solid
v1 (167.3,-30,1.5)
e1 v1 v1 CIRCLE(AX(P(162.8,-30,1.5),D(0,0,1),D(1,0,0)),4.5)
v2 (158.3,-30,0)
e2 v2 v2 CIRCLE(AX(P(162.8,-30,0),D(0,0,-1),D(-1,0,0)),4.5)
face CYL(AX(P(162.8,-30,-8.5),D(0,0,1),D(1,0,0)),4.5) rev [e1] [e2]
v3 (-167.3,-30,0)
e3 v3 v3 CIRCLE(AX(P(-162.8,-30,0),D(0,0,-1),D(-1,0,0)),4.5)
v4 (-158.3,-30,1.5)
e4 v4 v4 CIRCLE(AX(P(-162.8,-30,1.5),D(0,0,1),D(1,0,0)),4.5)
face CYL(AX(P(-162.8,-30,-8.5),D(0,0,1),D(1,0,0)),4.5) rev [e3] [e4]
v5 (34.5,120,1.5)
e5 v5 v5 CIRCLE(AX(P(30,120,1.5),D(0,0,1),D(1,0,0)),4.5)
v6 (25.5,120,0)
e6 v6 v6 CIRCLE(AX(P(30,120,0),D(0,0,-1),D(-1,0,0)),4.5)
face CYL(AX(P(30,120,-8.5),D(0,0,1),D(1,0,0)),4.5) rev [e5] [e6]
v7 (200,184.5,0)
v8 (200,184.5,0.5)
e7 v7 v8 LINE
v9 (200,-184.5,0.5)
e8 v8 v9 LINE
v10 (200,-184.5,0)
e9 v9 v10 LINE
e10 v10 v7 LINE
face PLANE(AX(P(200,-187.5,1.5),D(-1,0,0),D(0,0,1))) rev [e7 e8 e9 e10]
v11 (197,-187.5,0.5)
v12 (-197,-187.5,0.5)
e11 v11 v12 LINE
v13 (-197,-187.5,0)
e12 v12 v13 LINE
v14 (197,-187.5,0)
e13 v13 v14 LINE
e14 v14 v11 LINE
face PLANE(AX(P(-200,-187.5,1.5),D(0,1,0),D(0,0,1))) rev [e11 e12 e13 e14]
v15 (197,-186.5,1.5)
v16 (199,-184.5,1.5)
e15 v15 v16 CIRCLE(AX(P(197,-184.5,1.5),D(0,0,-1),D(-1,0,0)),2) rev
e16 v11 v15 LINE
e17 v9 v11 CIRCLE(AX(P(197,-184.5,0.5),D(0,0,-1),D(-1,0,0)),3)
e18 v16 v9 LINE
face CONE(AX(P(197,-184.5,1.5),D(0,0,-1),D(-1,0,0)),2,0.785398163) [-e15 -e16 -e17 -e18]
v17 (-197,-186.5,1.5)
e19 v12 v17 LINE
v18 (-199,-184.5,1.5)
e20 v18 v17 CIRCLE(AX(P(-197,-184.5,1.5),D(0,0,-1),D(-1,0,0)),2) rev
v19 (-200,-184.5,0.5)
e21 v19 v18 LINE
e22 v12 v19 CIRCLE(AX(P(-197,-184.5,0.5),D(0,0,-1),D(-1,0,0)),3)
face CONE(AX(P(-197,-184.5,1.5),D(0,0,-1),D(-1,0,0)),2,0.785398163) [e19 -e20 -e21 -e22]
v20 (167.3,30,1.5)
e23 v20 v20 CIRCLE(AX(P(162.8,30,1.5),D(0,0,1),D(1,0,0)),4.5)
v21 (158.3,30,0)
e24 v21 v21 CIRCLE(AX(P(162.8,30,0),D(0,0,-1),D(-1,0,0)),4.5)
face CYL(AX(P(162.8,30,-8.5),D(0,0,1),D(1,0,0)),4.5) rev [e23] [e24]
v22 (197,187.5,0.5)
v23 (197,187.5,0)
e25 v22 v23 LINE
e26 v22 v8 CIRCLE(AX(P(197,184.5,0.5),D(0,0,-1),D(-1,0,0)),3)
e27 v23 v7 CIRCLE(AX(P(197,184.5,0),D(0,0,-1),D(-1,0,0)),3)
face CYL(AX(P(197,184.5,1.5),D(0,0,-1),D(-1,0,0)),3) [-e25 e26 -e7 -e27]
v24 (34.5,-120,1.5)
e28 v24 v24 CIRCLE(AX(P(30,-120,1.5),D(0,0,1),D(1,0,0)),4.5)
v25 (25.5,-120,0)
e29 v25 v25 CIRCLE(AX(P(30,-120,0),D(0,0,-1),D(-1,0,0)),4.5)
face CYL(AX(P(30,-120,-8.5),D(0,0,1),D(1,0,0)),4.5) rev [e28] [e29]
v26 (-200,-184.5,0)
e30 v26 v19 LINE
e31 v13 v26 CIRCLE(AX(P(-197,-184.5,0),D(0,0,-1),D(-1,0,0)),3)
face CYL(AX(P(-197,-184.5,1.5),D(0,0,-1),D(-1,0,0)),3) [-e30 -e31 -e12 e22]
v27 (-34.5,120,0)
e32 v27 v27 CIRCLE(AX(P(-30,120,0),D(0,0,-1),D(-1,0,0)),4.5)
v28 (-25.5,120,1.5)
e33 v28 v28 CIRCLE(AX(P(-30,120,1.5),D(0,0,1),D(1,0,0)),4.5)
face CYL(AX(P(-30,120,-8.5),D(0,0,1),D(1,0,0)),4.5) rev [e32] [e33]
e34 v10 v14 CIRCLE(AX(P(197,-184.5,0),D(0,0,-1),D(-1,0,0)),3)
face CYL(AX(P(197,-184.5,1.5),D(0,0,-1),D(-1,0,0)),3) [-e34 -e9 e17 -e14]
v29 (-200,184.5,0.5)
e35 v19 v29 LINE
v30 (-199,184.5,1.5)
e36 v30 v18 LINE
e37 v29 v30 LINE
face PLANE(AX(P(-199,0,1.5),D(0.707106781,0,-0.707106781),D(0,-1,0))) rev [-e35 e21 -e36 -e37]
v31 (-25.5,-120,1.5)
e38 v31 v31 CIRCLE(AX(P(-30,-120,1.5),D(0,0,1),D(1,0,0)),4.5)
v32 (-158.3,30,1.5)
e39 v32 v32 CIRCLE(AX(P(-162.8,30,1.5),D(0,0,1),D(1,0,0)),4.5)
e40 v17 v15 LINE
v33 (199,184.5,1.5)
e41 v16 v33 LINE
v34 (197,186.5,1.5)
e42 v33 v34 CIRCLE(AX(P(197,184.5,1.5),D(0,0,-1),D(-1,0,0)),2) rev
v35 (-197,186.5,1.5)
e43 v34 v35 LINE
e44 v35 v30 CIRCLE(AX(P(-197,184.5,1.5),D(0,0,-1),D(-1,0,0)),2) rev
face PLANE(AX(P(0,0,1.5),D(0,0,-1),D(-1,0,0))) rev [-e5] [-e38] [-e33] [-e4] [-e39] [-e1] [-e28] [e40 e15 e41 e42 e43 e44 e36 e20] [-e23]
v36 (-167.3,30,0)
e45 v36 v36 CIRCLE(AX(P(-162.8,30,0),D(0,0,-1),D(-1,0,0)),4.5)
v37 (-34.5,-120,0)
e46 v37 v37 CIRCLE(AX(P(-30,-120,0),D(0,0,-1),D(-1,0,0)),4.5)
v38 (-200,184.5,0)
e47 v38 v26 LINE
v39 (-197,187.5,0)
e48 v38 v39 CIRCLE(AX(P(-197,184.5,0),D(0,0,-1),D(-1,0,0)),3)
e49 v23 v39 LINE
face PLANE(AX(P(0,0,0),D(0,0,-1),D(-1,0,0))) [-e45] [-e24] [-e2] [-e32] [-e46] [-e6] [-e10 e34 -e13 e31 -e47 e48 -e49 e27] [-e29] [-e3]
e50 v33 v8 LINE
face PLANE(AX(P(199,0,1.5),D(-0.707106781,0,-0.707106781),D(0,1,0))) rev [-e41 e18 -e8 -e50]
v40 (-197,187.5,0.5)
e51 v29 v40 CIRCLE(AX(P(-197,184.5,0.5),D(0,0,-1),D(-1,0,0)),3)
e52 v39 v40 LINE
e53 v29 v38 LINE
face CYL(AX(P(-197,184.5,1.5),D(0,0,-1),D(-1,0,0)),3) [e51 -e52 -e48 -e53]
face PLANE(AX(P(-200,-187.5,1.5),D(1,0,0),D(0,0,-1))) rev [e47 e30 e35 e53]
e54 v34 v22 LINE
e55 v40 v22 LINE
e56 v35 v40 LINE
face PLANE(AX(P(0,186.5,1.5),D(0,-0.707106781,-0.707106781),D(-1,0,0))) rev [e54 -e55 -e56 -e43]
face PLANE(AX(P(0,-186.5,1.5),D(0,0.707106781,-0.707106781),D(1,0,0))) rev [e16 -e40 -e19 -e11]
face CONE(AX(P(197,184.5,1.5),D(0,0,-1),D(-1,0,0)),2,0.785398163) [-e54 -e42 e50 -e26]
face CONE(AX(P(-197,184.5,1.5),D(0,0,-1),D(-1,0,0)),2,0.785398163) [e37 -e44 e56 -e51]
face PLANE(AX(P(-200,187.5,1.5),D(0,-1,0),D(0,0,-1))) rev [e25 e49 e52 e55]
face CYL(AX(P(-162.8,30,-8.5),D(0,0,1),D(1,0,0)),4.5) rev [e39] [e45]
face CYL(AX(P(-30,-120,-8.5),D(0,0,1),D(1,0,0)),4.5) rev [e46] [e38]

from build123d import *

# Parameters (mm, degrees)
SKETCH1_W           = 400
SKETCH1_H           = 375
BOSS_EXTRUDE1_DEPTH = 1.5
FILLET1_R           = 3
CHAMFER1_SIZE       = 1
SKETCH6_R           = 4.5
CUT_EXTRUDE1_DEPTH  = 10


with BuildPart() as part:
    # Sketch1 → Boss-Extrude1 (new body)
    with BuildSketch(Plane.XY):
        Rectangle(SKETCH1_W, SKETCH1_H)
    extrude(amount=BOSS_EXTRUDE1_DEPTH)

    # Fillet1
    fillet1_edges = [part.edges().sort_by_distance(p)[0] for p in [
        (200, -187.5, 0.75),
        (-200, -187.5, 0.75),
        (-200, 187.5, 0.75),
        (200, 187.5, 0.75),
    ]]
    fillet(fillet1_edges, radius=FILLET1_R)

    # Chamfer1
    chamfer1_edges = [part.edges().sort_by_distance(p)[0] for p in [
        (0, -187.5, 1.5),
        (-200, 0, 1.5),
        (200, 0, 1.5),
        (0, 187.5, 1.5),
        (-199.121320344, 186.621320344, 1.5),
        (199.121320344, 186.621320344, 1.5),
        (199.121320344, -186.621320344, 1.5),
        (-199.121320344, -186.621320344, 1.5),
    ]]
    chamfer(chamfer1_edges, length=CHAMFER1_SIZE)

    # Sketch6 → Cut-Extrude1 (cut)
    with BuildSketch(Plane.XY.offset(1.5)):
        with Locations((-30, 120)):
            Circle(SKETCH6_R)
        with Locations((30, 120)):
            Circle(SKETCH6_R)
        with Locations((162.8, 30)):
            Circle(SKETCH6_R)
        with Locations((162.8, -30)):
            Circle(SKETCH6_R)
        with Locations((30, -120)):
            Circle(SKETCH6_R)
        with Locations((-30, -120)):
            Circle(SKETCH6_R)
        with Locations((-162.8, 30)):
            Circle(SKETCH6_R)
        with Locations((-162.8, -30)):
            Circle(SKETCH6_R)
    extrude(amount=-CUT_EXTRUDE1_DEPTH, mode=Mode.SUBTRACT)


solid = part.part
